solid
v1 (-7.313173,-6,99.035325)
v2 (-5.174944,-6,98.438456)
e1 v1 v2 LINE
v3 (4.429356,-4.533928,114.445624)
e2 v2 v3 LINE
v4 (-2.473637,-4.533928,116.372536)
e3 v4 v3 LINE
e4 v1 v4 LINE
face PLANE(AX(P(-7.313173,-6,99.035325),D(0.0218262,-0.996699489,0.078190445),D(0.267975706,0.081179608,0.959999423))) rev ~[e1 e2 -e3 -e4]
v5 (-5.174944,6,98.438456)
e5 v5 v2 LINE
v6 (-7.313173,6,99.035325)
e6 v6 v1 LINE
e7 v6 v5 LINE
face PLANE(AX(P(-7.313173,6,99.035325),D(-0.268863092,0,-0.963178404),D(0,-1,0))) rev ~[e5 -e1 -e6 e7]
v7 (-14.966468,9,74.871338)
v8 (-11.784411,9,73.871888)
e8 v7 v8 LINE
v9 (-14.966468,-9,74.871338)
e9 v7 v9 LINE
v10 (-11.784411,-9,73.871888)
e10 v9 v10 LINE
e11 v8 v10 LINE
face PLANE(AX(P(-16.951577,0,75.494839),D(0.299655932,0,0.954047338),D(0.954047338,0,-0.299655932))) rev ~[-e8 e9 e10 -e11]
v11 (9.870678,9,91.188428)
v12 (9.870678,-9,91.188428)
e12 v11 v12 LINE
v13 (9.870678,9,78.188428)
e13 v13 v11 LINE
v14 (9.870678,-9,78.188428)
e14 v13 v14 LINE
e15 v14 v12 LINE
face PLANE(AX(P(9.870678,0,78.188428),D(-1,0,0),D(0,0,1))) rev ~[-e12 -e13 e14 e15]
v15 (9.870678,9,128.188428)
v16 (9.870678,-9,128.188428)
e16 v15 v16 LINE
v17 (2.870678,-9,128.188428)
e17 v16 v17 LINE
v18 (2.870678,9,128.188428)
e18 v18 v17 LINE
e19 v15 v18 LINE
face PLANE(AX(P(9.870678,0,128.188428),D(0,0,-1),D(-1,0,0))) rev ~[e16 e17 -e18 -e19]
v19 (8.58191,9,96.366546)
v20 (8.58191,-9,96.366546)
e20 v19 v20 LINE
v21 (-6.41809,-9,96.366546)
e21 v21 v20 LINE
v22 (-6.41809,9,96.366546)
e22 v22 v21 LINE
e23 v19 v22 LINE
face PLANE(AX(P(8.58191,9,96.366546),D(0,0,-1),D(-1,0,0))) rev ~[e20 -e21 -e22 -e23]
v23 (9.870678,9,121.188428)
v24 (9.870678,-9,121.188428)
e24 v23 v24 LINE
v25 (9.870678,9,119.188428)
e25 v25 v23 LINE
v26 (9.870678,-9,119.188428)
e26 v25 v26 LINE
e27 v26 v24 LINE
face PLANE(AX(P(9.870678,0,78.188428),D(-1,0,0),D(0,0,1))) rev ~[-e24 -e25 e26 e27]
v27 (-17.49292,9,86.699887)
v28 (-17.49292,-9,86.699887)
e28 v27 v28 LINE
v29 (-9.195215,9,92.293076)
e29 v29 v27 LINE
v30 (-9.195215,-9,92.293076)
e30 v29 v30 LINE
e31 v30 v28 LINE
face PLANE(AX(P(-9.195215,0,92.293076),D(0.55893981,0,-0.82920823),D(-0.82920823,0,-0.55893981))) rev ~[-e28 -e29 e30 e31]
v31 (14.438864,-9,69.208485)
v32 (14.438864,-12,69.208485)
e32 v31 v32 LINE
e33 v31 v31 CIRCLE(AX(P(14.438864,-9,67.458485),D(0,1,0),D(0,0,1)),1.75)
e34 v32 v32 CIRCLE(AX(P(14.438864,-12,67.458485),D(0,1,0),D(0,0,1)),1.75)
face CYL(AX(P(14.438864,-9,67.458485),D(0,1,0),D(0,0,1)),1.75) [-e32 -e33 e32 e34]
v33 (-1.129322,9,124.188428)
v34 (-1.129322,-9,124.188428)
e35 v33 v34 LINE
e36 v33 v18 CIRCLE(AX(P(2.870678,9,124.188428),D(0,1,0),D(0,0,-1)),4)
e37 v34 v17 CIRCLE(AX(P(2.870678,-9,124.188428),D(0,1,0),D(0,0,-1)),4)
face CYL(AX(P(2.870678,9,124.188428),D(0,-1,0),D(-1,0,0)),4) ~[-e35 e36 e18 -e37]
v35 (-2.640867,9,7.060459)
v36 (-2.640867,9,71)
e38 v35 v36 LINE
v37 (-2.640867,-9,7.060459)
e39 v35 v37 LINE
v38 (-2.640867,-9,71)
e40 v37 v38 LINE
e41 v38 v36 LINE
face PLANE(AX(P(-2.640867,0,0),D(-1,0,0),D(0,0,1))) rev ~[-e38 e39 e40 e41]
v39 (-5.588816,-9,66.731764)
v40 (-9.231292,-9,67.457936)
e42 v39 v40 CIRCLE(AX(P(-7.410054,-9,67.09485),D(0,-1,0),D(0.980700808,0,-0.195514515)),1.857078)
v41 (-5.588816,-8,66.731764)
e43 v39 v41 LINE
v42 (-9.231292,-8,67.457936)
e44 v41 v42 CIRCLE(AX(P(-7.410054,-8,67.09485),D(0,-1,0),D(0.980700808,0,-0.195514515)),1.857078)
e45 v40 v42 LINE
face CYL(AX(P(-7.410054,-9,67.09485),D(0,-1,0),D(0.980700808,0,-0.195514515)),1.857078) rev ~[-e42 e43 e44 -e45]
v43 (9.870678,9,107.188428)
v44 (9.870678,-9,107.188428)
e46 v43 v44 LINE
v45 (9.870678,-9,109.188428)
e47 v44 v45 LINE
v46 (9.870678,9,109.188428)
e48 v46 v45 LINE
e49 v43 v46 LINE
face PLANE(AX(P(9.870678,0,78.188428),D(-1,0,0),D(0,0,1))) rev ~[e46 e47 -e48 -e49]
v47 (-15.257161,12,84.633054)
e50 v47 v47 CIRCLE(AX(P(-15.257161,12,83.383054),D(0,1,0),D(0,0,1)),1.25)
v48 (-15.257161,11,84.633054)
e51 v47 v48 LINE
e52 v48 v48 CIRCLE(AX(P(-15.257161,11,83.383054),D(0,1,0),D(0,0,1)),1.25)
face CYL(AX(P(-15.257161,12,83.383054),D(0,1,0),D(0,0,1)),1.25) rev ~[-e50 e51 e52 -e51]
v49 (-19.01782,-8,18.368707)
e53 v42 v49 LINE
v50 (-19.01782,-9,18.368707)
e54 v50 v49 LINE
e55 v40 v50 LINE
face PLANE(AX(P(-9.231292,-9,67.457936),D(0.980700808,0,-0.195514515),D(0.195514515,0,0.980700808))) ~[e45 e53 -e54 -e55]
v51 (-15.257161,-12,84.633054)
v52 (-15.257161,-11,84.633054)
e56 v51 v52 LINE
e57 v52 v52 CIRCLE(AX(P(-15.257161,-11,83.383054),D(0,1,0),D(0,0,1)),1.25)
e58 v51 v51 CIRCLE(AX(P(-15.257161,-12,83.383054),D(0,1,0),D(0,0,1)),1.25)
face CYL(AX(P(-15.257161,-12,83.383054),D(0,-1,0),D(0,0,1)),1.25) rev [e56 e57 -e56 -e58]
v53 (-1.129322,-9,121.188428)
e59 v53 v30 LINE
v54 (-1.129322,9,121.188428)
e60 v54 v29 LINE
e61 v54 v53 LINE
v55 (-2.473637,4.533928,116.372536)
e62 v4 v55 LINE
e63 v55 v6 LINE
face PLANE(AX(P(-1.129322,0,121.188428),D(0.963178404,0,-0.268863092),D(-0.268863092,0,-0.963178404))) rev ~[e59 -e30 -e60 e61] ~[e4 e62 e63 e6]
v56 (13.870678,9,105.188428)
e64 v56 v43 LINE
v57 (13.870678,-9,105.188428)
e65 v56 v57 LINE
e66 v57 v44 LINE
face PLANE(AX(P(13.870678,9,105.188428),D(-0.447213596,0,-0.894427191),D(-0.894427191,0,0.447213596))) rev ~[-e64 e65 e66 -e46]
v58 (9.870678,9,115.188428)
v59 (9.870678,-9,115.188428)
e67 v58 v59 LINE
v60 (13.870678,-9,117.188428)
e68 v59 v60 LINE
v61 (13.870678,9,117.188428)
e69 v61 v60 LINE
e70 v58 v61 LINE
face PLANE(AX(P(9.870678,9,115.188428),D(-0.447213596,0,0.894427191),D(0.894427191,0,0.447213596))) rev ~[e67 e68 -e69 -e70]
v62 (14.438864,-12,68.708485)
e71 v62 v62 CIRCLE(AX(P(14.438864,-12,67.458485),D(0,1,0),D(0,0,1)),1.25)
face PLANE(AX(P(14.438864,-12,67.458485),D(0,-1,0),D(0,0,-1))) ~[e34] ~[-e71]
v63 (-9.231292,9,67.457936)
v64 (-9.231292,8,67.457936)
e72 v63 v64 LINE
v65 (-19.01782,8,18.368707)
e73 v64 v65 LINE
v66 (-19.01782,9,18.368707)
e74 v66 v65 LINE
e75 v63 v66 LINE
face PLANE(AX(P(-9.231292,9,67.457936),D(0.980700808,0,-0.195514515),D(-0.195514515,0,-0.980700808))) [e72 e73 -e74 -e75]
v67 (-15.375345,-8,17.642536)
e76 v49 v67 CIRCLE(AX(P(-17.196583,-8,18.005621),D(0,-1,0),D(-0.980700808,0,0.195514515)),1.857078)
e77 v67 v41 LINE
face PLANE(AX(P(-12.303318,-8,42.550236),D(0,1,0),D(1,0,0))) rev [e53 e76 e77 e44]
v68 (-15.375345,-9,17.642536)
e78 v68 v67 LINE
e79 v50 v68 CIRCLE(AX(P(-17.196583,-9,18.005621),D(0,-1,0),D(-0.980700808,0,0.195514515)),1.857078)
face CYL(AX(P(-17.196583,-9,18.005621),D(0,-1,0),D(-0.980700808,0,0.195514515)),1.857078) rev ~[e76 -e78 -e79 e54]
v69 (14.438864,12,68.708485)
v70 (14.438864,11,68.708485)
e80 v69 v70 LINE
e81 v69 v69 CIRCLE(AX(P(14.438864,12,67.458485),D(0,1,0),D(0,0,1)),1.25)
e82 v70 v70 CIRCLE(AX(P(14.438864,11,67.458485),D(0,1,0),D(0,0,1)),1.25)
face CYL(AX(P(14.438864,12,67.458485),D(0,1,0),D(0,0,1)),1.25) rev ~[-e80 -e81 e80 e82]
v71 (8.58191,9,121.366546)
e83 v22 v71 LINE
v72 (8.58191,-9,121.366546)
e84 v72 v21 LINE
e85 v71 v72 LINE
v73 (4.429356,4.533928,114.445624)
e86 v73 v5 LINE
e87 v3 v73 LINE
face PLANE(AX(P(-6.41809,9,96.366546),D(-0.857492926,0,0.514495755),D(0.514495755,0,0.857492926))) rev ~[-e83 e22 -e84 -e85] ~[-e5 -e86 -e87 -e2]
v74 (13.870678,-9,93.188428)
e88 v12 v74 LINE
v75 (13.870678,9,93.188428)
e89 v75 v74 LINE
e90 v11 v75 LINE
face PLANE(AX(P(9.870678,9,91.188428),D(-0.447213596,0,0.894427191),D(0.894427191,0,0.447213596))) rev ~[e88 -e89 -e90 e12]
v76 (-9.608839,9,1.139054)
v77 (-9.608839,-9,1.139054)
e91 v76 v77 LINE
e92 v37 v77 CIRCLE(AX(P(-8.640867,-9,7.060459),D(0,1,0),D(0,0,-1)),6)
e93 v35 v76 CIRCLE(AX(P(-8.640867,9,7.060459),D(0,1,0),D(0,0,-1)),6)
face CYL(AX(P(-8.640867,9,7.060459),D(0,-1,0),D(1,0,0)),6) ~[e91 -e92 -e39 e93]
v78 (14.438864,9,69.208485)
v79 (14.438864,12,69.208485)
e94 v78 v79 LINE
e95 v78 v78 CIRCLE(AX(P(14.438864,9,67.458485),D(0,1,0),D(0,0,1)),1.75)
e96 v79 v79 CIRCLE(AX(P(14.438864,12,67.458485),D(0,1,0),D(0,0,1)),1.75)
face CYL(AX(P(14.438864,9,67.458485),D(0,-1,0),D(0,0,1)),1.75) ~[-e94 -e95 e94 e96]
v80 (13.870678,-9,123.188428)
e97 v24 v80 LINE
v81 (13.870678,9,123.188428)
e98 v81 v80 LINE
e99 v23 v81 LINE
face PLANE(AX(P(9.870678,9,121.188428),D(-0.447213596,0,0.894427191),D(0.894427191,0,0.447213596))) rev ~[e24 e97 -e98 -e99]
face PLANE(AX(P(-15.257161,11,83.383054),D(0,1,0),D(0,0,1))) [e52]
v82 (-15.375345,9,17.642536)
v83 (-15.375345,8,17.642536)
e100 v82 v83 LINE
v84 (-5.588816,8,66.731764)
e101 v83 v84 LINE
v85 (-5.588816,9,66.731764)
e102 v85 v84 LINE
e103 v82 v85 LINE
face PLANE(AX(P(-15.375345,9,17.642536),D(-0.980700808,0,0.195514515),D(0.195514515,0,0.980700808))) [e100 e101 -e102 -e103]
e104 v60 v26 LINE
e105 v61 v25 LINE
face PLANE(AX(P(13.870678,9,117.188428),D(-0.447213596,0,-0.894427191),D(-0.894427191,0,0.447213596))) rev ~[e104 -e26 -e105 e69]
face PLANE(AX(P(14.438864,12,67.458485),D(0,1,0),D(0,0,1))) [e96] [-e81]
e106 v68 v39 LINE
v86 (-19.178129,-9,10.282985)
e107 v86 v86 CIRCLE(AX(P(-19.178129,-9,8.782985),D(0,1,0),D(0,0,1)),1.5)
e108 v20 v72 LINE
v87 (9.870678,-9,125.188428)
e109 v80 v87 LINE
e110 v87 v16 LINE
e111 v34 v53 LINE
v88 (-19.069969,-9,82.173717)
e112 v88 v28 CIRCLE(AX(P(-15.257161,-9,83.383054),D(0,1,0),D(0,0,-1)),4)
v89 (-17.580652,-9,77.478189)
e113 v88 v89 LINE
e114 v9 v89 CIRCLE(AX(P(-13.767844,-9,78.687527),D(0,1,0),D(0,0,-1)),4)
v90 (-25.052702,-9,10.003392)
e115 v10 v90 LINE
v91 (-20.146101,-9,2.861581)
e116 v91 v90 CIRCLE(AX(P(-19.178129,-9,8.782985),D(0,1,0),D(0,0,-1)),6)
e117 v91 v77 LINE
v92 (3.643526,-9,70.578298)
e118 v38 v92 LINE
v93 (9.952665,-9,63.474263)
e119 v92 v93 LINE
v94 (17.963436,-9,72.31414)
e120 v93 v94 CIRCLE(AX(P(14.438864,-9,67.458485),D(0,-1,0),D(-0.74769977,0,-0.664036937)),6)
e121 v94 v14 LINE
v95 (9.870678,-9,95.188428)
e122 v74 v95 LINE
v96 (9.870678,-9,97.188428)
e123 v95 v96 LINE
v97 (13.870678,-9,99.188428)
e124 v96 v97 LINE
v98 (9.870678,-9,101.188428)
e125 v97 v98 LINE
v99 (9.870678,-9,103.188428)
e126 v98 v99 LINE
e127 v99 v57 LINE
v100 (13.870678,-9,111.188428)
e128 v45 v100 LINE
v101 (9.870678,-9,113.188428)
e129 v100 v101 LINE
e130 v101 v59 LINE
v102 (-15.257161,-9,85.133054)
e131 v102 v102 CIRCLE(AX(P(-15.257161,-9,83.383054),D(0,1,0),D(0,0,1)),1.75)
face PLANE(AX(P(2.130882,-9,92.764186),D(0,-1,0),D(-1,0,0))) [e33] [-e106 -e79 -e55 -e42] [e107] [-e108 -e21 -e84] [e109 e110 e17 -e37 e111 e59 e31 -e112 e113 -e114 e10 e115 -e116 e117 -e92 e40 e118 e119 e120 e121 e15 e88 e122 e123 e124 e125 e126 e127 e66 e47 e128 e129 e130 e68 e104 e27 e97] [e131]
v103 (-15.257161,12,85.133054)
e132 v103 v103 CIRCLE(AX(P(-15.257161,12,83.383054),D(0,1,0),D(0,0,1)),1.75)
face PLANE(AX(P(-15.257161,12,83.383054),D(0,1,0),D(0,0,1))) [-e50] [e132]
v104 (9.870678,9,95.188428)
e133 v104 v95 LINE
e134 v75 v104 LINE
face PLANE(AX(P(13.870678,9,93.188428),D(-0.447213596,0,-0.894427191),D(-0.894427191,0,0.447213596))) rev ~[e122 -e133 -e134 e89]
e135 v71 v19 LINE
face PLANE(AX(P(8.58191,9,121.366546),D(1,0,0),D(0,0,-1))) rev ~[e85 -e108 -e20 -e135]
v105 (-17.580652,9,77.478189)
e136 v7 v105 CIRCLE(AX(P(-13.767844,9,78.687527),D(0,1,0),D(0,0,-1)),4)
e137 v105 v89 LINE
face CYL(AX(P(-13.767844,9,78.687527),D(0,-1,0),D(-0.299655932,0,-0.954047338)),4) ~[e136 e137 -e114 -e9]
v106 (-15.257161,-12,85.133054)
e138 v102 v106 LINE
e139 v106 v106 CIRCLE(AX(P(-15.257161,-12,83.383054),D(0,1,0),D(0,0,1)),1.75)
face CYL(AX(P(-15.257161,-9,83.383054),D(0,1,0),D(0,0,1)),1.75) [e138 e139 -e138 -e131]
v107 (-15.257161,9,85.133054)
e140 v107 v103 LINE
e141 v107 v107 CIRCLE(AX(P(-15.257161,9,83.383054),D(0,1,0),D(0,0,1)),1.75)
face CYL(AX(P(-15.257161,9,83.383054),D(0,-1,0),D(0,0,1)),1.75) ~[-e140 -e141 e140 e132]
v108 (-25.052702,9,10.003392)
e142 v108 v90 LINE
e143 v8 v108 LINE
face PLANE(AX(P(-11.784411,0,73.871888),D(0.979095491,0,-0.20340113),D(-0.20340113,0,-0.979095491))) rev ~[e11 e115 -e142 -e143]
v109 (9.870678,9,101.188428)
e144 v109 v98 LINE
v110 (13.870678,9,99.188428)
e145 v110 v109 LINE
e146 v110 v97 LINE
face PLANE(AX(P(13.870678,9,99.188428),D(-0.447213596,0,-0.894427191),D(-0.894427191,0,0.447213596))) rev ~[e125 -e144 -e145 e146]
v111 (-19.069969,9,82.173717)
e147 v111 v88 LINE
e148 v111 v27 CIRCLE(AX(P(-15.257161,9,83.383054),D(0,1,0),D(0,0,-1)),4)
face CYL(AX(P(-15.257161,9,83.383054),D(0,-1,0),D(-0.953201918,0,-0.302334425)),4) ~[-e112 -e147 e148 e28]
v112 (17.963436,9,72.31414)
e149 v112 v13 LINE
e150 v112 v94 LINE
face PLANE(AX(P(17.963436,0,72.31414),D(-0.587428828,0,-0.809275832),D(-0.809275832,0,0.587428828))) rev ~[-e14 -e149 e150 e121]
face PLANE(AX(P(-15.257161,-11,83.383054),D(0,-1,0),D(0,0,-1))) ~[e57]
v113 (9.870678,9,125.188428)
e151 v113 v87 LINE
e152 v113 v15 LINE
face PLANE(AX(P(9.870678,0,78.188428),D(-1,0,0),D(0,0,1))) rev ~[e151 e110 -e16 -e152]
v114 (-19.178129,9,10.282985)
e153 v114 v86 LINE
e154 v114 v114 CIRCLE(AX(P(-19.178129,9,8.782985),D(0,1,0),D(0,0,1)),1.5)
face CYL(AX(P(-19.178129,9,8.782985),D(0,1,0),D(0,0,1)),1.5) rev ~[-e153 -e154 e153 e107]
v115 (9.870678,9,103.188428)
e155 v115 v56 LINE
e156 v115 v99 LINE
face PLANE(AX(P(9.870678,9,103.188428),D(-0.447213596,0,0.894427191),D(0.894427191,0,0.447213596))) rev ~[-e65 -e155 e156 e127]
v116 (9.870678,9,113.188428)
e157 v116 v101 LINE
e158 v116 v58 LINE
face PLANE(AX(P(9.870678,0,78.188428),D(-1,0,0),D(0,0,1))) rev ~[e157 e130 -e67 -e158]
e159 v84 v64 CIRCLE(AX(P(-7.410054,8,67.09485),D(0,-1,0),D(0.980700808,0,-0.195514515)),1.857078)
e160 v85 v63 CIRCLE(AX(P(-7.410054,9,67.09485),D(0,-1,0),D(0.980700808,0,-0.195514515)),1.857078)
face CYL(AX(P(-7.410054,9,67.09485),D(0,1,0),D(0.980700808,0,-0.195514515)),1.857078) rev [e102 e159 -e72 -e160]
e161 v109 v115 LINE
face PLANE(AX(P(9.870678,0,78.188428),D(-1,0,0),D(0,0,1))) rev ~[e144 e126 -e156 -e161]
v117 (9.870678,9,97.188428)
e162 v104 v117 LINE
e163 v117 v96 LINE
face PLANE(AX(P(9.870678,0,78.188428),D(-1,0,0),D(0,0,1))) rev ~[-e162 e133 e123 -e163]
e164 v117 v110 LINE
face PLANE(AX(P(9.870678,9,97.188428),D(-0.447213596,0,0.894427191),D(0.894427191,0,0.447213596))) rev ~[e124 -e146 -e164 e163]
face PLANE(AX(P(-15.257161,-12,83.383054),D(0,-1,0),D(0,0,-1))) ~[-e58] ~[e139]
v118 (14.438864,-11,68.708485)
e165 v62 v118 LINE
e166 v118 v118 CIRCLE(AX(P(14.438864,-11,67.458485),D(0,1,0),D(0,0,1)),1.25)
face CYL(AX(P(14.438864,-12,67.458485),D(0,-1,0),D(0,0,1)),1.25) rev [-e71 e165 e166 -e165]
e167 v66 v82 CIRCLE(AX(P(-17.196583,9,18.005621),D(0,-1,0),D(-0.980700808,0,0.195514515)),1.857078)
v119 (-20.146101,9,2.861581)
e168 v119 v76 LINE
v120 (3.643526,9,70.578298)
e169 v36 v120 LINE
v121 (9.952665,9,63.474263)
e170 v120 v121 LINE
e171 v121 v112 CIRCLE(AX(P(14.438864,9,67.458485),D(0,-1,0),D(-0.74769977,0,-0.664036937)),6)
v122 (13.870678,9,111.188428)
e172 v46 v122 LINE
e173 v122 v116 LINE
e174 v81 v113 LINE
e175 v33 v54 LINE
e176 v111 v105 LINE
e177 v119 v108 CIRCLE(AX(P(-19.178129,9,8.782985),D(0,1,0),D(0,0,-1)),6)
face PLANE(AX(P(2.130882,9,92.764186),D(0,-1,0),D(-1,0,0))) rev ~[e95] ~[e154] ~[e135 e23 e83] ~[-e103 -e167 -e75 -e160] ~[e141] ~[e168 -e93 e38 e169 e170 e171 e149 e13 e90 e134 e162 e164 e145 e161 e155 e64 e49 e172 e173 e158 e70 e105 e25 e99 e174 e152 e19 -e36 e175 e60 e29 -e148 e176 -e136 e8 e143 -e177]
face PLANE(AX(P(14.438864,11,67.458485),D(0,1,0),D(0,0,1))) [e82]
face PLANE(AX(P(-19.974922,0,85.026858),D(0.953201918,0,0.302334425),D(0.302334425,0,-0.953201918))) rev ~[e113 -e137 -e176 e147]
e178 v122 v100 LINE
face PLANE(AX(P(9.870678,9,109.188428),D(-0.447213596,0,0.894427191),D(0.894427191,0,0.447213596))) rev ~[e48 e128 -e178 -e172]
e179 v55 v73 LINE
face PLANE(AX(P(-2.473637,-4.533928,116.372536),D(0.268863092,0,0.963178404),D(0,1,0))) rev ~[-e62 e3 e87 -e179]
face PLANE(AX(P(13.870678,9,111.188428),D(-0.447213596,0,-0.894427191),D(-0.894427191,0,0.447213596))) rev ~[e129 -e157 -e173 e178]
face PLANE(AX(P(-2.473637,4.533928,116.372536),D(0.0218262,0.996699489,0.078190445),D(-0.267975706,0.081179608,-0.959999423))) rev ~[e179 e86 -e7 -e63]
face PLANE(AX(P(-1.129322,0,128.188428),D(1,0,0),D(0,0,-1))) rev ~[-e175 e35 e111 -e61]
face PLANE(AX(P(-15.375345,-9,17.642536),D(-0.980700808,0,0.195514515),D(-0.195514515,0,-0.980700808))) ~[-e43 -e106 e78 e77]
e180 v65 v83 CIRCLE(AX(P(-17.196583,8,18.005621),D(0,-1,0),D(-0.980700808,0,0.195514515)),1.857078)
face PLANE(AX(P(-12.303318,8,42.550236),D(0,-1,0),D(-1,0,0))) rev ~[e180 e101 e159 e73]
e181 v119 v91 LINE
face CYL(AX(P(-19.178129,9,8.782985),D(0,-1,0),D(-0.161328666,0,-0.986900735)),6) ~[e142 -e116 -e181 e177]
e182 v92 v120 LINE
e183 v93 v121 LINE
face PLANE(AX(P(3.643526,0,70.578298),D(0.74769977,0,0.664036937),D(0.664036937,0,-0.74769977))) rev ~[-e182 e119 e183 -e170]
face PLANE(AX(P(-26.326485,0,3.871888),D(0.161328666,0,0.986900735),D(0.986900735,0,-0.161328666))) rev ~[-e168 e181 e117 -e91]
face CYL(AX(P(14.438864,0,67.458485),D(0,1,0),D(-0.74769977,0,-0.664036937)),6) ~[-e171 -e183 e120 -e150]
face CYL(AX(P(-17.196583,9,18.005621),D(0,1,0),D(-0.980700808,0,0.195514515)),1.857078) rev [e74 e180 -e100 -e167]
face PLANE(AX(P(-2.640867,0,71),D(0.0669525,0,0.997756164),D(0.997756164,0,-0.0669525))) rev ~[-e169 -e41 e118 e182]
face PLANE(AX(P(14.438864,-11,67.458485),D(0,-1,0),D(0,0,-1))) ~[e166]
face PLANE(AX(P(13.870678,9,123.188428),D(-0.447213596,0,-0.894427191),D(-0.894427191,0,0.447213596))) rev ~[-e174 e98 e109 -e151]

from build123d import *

# Parameters (mm, degrees)
BOSS_EXTRUDE1_DEPTH = 9
FILLET1_R           = 6
FILLET2_R           = 4
BOSS_EXTRUDE2_DEPTH = 18
LPATTERN1_COUNT     = 6
LPATTERN1_PITCH     = 6
CUT_EXTRUDE1_DEPTH  = 26
CUT_EXTRUDE2_DEPTH  = 8
SKETCH7_R           = 1.5
CUT_EXTRUDE3_DEPTH  = 26
SKETCH8_R           = 1.75
BOSS_EXTRUDE3_DEPTH = 3
SKETCH9_R           = 1.25
CUT_EXTRUDE4_DEPTH  = 1
SKETCH10_R          = 1.25
CUT_EXTRUDE5_DEPTH  = 1
CUT_EXTRUDE6_DEPTH  = 1


with BuildPart() as part:
    # Sketch2 → Boss-Extrude1 (new, symmetric)
    with BuildSketch(Plane(origin=(0, 0, 0), x_dir=(1, 0, 0), z_dir=(0, 1, 0))):
        with BuildLine():
            ThreePointArc((9.952664911, -63.474262908), (18.884876985, -63.429469216), (17.963436499, -72.314139521))
            Line((17.963436499, -72.314139521), (9.870678178, -78.188427797))
            Line((9.870678178, -78.188427797), (9.870678178, -128.188427797))
            Line((9.870678178, -128.188427797), (-1.129321822, -128.188427797))
            Line((-1.129321822, -128.188427797), (-1.129321822, -121.188427797))
            Line((-1.129321822, -121.188427797), (-9.195214577, -92.293075678))
            Line((-9.195214577, -92.293075678), (-19.97492157, -85.026858152))
            Line((-19.97492157, -85.026858152), (-16.951577323, -75.494838976))
            Line((-16.951577323, -75.494838976), (-11.784410902, -73.871887989))
            Line((-11.784410902, -73.871887989), (-2.640867258, -71))
            Line((-2.640867258, -71), (3.643526088, -70.578297923))
            Line((3.643526088, -70.578297923), (9.952664911, -63.474262908))
        make_face()
        Polygon((-11.784410902, -73.871887989), (-26.326484906, -3.871887989), (-2.640867258, 0), (-2.640867258, -71), align=None)
    extrude(amount=BOSS_EXTRUDE1_DEPTH, both=True)

    # Fillet1
    fillet1_edges = [part.edges().sort_by_distance(p)[0] for p in [
        (-26.326484906, 0, 3.871887989),
        (-2.640867258, 0, 0),
    ]]
    fillet(fillet1_edges, radius=FILLET1_R)

    # Fillet2
    fillet2_edges = [part.edges().sort_by_distance(p)[0] for p in [
        (-1.129321822, 0, 128.188427797),
        (-19.97492157, 0, 85.026858152),
        (-16.951577323, 0, 75.494838976),
    ]]
    fillet(fillet2_edges, radius=FILLET2_R)

    # Sketch3 → Boss-Extrude2 (add)
    with BuildSketch(Plane(origin=(0, 9, 0), x_dir=(1, 0, 0), z_dir=(0, 1, 0))):
        Polygon((9.870678178, -125.188427797), (9.870678178, -121.188427797), (13.870678178, -123.188427797), align=None)
    boss_extrude2 = extrude(amount=-BOSS_EXTRUDE2_DEPTH)

    # LPattern1: Boss-Extrude2 ×6
    with Locations(*[(0, 0, -i * LPATTERN1_PITCH) for i in range(1, LPATTERN1_COUNT)]):
        add(boss_extrude2)

    # Sketch5 → Cut-Extrude1 (cut)
    with BuildSketch(Plane(origin=(0, 9, 0), x_dir=(1, 0, 0), z_dir=(0, 1, 0))):
        Polygon((8.581909731, -96.366546328), (-6.418090269, -96.366546328), (8.581909731, -121.366546328), align=None)
    extrude(amount=-CUT_EXTRUDE1_DEPTH, mode=Mode.SUBTRACT)

    # Sketch6 → Cut-Extrude2 (cut)
    with BuildSketch(Plane(origin=(-32.431019942, 0, 9.052844475), x_dir=(0.2688630918299989, 0, 0.9631784039582769), z_dir=(-0.963178403958277, 0, 0.2688630918299989))):
        Polygon((93.422443507, 6), (93.422443507, -6), (111.422443507, -4.533928271), (111.422443507, 4.533928271), align=None)
    extrude(amount=-CUT_EXTRUDE2_DEPTH, mode=Mode.SUBTRACT)

    # Sketch7 → Cut-Extrude3 (cut)
    with BuildSketch(Plane(origin=(0, 9, 0), x_dir=(1, 0, 0), z_dir=(0, 1, 0))):
        with Locations(Location((-19.178129346, -8.782985081, 0), (0, 0, 270))):
            Circle(SKETCH7_R)
    extrude(amount=-CUT_EXTRUDE3_DEPTH, mode=Mode.SUBTRACT)

    # Sketch8 → Boss-Extrude3 (add)
    with BuildSketch(Plane(origin=(0, 9, 0), x_dir=(1, 0, 0), z_dir=(0, 1, 0))):
        with Locations(Location((14.438863534, -67.458484528, 0), (0, 0, 270))):
            Circle(SKETCH8_R)
        with Locations(Location((-15.257160901, -83.38305422, 0), (0, 0, 270))):
            Circle(SKETCH8_R)
    boss_extrude3 = extrude(amount=BOSS_EXTRUDE3_DEPTH)

    # Sketch9 → Cut-Extrude4 (cut)
    with BuildSketch(Plane(origin=(0, 12, 0), x_dir=(1, 0, 0), z_dir=(0, 1, 0))):
        with Locations(Location((-15.257160901, -83.38305422, 0), (0, 0, 270))):
            Circle(SKETCH9_R)
    cut_extrude4 = extrude(amount=-CUT_EXTRUDE4_DEPTH, mode=Mode.SUBTRACT)

    # Sketch10 → Cut-Extrude5 (cut)
    with BuildSketch(Plane(origin=(0, 12, 0), x_dir=(1, 0, 0), z_dir=(0, 1, 0))):
        with Locations(Location((14.438863534, -67.458484528, 0), (0, 0, 270))):
            Circle(SKETCH10_R)
    cut_extrude5 = extrude(amount=-CUT_EXTRUDE5_DEPTH, mode=Mode.SUBTRACT)

    # Sketch11 → Cut-Extrude6 (cut)
    with BuildSketch(Plane(origin=(0, 9, 0), x_dir=(1, 0, 0), z_dir=(0, 1, 0))):
        with BuildLine():
            Line((-15.375345178, -17.642535787), (-5.588816332, -66.731764476))
            ThreePointArc((-5.588816332, -66.731764476), (-7.046968284, -68.91608772), (-9.231291528, -67.457935767))
            Line((-9.231291528, -67.457935767), (-19.017820373, -18.368707078))
            ThreePointArc((-19.017820373, -18.368707078), (-17.559668421, -16.184383835), (-15.375345178, -17.642535787))
        make_face()
    cut_extrude6 = extrude(amount=-CUT_EXTRUDE6_DEPTH, mode=Mode.SUBTRACT)

    # Mirror1: Boss-Extrude3, Cut-Extrude4, Cut-Extrude5, Cut-Extrude6 across plane
    add(boss_extrude3.mirror(Plane.ZX))
    add(cut_extrude4.mirror(Plane.ZX), mode=Mode.SUBTRACT)
    add(cut_extrude5.mirror(Plane.ZX), mode=Mode.SUBTRACT)
    add(cut_extrude6.mirror(Plane.ZX), mode=Mode.SUBTRACT)


solid = part.part
